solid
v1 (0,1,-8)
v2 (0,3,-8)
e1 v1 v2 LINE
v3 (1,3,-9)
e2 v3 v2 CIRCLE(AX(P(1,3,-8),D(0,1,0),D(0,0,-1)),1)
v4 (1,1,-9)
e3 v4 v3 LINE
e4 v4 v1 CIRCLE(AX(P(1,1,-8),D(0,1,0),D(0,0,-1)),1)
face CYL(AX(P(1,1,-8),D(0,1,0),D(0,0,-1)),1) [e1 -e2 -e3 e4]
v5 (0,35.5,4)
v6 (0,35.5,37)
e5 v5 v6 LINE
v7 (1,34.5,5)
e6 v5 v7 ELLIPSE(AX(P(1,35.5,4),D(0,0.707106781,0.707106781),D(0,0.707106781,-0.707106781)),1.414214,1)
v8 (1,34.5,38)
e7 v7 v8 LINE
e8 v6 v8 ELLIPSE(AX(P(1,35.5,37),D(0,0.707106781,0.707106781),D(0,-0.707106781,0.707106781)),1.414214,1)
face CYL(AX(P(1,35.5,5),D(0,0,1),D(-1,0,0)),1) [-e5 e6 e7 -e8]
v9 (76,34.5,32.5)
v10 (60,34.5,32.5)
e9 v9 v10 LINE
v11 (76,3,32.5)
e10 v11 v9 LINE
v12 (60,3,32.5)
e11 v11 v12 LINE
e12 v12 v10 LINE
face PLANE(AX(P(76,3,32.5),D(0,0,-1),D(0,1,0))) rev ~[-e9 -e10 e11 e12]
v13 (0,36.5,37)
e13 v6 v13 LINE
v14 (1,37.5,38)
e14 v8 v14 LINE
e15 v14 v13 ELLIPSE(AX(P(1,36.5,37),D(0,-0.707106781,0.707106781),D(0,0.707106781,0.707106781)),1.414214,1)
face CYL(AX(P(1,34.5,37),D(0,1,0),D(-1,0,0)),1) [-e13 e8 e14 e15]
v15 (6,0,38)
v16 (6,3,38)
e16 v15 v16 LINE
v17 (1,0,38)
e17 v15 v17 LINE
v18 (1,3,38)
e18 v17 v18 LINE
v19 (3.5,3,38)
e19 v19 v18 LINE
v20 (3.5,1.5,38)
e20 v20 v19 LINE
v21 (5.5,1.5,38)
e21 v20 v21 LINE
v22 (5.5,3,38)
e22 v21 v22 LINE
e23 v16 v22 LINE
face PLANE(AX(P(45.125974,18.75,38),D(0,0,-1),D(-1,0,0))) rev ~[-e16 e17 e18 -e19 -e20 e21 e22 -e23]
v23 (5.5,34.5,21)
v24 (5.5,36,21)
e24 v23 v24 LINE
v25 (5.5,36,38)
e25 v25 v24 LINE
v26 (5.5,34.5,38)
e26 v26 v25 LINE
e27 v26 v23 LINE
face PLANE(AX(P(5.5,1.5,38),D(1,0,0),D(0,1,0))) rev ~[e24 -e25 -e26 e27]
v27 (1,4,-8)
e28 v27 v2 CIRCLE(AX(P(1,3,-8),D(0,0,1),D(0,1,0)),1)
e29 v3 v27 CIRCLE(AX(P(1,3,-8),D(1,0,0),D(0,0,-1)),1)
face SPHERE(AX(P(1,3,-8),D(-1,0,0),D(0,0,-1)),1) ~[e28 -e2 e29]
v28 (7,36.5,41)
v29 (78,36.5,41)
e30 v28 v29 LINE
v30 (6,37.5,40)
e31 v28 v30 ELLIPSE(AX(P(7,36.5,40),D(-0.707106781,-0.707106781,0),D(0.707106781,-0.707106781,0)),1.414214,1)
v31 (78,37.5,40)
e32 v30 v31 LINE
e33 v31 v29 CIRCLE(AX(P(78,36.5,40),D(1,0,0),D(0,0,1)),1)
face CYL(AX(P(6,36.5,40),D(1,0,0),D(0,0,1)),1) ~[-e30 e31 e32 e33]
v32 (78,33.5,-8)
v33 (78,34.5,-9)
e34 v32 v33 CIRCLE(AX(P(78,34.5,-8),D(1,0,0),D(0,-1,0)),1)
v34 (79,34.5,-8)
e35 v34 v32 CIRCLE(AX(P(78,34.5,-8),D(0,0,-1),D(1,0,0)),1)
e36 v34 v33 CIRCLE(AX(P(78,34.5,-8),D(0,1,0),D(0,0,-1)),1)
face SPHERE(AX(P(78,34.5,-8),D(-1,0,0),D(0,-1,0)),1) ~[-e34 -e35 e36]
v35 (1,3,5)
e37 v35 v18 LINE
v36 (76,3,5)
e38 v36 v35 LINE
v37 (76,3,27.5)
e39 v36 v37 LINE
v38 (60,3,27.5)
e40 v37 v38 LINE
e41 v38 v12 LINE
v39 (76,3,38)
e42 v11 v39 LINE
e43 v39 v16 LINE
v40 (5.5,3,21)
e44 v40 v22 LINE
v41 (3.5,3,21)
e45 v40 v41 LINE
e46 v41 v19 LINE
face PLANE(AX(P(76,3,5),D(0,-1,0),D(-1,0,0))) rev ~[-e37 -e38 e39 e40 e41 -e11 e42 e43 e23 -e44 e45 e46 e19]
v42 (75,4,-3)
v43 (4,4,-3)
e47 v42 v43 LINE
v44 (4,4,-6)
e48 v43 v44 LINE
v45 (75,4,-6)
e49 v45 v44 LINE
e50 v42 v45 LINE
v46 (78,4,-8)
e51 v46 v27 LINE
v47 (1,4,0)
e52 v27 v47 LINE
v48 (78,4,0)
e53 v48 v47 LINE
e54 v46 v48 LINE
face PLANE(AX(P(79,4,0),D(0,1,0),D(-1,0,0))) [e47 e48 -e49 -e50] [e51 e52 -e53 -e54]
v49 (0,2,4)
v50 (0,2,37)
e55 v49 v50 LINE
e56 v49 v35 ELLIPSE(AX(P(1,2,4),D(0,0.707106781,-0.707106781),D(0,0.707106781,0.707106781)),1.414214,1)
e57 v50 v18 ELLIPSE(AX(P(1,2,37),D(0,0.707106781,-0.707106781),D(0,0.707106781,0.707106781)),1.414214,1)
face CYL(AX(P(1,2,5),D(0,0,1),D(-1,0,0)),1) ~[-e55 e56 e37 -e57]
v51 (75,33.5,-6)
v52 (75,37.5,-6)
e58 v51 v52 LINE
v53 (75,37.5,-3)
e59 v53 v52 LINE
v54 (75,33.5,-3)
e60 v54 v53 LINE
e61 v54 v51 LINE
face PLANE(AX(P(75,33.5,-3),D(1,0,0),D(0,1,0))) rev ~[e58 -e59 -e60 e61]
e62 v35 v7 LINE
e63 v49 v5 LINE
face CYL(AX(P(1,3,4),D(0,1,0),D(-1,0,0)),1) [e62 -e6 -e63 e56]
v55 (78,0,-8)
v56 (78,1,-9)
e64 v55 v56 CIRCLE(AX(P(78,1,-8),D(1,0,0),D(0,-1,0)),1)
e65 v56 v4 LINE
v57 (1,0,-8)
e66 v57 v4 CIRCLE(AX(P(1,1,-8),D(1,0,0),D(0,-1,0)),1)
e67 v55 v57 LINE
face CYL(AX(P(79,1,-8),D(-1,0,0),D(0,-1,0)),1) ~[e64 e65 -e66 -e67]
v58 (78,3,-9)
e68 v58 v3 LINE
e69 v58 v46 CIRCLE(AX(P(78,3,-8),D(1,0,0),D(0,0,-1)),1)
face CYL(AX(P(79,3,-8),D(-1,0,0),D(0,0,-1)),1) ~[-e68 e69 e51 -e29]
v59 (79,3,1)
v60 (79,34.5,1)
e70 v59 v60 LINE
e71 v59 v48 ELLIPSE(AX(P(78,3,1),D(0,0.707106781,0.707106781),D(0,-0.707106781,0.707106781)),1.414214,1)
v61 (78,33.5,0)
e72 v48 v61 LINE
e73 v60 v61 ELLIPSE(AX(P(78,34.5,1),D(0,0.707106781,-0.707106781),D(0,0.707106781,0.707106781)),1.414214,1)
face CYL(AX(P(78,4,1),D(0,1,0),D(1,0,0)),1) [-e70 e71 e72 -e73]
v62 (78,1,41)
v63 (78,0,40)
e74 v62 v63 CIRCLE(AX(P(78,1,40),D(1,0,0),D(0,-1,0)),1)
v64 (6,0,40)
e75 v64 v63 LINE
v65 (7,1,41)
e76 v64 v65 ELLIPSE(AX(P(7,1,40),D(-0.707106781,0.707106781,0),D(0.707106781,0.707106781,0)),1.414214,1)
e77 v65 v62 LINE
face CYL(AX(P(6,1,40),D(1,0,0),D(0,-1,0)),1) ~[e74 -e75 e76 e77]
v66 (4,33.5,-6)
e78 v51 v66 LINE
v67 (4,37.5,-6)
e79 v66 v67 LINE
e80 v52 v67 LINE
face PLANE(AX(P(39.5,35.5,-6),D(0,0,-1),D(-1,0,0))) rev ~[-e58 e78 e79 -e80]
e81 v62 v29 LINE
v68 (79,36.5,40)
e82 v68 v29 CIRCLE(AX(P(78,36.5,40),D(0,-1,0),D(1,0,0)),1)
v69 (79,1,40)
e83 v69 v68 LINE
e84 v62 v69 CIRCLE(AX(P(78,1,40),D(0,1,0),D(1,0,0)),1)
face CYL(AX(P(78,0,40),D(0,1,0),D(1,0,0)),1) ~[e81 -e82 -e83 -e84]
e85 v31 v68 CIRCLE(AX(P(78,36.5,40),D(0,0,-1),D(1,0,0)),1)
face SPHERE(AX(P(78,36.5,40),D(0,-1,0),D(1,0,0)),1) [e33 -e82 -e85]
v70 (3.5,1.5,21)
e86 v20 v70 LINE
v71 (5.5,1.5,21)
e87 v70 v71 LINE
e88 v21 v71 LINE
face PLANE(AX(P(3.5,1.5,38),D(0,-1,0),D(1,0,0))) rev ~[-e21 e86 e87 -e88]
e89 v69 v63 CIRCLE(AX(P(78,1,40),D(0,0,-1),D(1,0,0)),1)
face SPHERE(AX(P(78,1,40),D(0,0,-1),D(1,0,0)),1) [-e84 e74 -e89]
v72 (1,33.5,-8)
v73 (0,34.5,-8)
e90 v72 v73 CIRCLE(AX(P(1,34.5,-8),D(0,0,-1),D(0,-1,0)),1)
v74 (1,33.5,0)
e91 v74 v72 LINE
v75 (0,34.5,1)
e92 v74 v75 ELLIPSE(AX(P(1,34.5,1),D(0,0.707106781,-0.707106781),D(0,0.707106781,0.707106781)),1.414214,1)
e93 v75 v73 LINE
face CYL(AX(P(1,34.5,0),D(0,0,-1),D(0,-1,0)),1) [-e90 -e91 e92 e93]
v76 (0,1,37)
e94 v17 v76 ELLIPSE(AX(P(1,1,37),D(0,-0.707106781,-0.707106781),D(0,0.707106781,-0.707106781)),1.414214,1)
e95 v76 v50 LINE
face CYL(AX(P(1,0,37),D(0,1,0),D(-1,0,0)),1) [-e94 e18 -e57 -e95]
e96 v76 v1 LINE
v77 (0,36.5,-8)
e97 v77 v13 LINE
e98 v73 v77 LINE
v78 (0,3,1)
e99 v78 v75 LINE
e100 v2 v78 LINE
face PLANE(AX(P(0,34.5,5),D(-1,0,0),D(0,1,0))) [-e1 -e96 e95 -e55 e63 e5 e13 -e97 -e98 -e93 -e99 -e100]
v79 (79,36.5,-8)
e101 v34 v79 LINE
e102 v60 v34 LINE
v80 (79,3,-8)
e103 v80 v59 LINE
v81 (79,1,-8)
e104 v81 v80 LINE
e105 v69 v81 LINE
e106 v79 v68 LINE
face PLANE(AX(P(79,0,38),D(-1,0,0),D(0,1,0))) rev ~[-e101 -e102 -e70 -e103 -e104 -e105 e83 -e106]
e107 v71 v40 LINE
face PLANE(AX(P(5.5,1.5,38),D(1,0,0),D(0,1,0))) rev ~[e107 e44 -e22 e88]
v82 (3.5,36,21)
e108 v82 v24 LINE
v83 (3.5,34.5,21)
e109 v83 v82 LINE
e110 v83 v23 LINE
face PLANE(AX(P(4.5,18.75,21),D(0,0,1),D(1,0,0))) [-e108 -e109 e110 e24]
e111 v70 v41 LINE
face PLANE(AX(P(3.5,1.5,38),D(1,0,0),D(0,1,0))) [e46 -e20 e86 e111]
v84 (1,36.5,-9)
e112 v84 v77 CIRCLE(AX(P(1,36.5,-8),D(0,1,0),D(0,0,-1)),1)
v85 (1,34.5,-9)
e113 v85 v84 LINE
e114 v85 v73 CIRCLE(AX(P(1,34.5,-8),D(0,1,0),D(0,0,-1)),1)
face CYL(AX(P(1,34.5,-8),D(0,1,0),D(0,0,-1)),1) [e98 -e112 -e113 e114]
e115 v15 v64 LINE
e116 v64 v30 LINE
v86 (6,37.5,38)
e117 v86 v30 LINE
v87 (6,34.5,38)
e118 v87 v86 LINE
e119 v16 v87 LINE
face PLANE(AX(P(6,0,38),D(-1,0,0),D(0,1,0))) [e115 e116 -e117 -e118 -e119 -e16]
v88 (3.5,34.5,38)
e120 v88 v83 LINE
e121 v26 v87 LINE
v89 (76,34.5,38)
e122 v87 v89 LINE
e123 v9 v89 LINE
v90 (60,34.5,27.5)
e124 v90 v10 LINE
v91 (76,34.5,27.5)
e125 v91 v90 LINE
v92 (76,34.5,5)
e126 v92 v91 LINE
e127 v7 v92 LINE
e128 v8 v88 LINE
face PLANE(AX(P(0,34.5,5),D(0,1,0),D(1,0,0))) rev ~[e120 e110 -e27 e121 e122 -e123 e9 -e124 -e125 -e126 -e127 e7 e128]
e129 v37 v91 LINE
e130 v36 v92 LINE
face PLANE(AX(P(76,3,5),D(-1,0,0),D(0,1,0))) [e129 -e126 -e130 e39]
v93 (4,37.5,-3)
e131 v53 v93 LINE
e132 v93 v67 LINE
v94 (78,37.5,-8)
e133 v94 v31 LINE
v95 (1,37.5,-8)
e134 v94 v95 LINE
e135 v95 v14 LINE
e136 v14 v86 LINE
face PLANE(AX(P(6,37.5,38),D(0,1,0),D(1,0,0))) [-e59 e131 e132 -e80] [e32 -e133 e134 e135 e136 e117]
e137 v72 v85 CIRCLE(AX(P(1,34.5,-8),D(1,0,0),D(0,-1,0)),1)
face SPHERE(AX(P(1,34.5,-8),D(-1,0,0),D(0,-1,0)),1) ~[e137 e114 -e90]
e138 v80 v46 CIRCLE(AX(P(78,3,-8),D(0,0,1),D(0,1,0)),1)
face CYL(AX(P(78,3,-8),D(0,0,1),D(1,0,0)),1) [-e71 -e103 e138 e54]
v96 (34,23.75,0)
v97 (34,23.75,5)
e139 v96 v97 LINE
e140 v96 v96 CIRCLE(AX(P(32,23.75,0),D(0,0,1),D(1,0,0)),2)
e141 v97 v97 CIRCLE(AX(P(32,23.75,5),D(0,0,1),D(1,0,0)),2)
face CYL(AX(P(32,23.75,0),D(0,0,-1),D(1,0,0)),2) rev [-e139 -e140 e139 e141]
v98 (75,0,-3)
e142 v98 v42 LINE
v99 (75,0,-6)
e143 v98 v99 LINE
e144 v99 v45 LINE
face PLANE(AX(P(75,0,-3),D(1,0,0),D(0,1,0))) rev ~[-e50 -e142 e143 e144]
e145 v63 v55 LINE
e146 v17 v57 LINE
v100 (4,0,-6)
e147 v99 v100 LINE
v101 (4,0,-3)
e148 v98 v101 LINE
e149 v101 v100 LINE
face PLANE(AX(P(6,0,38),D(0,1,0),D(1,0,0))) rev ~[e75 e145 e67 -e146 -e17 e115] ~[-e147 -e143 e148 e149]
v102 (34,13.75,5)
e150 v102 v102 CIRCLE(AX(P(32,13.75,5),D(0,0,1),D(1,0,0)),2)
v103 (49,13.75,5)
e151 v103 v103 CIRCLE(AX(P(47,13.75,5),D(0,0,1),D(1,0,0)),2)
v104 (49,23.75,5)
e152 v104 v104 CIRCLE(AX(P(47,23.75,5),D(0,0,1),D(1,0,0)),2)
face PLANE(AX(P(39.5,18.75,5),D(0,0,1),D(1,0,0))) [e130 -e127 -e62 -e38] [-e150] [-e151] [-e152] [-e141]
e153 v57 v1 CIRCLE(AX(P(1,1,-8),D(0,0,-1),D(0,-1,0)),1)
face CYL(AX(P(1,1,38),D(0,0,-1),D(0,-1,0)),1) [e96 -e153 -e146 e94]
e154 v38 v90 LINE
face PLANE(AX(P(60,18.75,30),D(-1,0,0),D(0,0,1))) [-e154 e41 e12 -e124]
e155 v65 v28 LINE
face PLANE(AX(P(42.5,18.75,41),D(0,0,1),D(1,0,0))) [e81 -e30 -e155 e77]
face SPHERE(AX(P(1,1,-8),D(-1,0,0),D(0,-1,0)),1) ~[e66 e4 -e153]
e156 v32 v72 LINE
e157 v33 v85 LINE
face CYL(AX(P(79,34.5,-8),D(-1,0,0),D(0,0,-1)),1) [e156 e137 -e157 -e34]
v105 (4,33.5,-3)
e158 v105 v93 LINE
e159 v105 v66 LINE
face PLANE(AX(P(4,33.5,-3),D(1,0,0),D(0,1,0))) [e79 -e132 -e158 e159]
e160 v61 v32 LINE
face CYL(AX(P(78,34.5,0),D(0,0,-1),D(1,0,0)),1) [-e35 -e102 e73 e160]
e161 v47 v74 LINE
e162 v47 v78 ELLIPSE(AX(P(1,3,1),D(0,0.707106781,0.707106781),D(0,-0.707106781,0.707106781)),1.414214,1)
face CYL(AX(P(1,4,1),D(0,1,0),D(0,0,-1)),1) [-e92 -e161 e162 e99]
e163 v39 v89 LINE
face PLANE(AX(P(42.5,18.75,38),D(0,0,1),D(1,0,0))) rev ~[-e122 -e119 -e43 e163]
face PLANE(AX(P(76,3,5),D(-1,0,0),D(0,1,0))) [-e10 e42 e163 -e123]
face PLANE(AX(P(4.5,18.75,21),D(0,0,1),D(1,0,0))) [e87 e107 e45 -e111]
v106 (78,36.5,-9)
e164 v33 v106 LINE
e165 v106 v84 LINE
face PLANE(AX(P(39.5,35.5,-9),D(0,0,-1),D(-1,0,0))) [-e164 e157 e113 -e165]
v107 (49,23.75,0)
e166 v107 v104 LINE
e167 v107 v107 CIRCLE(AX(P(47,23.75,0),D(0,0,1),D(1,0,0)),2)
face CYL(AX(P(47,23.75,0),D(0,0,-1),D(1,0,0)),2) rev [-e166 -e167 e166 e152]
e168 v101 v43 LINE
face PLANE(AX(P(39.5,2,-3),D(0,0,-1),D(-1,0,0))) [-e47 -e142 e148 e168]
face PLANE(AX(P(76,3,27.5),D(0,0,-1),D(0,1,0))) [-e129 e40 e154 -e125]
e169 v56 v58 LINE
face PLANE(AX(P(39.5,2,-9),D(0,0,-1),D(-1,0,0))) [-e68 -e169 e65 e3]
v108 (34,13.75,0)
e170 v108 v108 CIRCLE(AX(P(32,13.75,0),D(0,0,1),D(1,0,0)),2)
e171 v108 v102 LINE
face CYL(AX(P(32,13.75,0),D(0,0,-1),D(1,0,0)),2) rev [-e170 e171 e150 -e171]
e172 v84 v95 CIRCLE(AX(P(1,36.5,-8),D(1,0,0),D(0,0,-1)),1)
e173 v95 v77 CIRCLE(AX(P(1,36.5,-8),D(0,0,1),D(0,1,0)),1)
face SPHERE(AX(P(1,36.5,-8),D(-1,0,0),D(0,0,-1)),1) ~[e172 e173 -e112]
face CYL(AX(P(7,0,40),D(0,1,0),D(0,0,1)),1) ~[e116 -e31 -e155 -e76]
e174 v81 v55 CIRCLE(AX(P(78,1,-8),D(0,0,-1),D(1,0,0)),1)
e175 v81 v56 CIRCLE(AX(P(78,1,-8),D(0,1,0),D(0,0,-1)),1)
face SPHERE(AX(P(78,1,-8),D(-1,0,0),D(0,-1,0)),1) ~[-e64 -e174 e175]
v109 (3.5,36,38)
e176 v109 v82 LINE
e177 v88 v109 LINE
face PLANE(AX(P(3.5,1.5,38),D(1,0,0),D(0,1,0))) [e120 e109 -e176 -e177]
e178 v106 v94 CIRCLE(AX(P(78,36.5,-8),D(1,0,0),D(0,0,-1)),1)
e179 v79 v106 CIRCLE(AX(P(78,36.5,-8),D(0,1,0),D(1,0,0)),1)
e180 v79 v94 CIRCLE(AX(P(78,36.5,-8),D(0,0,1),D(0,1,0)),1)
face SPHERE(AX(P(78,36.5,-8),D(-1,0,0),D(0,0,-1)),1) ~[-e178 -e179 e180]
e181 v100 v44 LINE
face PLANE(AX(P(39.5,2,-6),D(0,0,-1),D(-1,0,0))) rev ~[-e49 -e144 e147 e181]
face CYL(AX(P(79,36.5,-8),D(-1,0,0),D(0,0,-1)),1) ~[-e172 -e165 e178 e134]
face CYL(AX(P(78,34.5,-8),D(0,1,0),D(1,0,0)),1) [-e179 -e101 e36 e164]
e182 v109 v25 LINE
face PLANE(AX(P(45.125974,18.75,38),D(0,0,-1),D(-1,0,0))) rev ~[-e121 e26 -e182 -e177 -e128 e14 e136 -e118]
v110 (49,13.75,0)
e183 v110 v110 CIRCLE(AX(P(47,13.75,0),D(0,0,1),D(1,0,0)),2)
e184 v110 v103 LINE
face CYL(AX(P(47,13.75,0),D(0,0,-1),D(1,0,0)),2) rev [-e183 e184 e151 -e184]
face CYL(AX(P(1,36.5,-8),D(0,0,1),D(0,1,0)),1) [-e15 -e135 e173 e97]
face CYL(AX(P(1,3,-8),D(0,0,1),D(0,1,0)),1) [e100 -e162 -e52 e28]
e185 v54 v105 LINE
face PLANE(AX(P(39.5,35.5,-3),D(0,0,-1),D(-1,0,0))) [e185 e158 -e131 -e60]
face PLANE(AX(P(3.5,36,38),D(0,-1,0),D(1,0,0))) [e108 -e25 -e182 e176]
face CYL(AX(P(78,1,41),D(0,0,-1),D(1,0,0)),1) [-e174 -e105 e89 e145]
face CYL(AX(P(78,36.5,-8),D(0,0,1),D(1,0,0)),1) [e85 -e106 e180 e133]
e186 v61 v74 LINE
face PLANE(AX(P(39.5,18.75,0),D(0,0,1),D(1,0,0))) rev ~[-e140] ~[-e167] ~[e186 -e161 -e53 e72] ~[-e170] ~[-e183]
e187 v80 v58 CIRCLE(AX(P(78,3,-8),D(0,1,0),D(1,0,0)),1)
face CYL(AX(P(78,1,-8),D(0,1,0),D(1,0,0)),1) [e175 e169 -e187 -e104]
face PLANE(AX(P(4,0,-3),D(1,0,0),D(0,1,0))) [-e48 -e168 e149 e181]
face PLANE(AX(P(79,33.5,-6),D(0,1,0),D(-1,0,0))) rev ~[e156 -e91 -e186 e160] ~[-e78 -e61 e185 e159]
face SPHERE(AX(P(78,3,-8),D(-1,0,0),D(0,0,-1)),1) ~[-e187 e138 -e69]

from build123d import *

# Parameters (mm, degrees)
SKETCH1_W           = 79
SKETCH1_H           = 37.5
SKETCH1_R           = 2
BODY_DEPTH          = 5
SKETCH2_W           = 79
SKETCH2_H           = 4
LEG1_DEPTH          = 3
SKETCH3_W           = 4
SKETCH3_H           = 4
LEG2_DEPTH          = 3
SKETCH4_W           = 79
SKETCH4_H           = 4
LEG3_DEPTH          = 3
WALLS_DEPTH         = 33
SKETCH6_W           = 2
SKETCH6_H           = 34.5
CUT_EXTRUDE1_DEPTH  = 17
SKETCH7_W           = 73
SKETCH7_H           = 37.5
BOSS_EXTRUDE1_DEPTH = 3
FILLET1_R           = 1
FILLET2_R           = 1
FILLET3_R           = 1
FILLET4_R           = 1
FILLET6_R           = 1
SKETCH8_W           = 5
SKETCH8_H           = 31.5
BOSS_EXTRUDE2_DEPTH = 16


with BuildPart() as part:
    # Sketch1 → Body (new body)
    with BuildSketch(Plane.XY):
        with Locations((39.5, 18.75)):
            Rectangle(SKETCH1_W, SKETCH1_H)
        with Locations((47, 23.75)):
            Circle(SKETCH1_R, mode=Mode.SUBTRACT)
        with Locations((32, 23.75)):
            Circle(SKETCH1_R, mode=Mode.SUBTRACT)
        with Locations((32, 13.75)):
            Circle(SKETCH1_R, mode=Mode.SUBTRACT)
        with Locations((47, 13.75)):
            Circle(SKETCH1_R, mode=Mode.SUBTRACT)
    extrude(amount=BODY_DEPTH)

    # Sketch2 → Leg1 (add)
    with BuildSketch(Plane(origin=(0, 0, 0), x_dir=(-1, 0, 0), z_dir=(0, 0, -1))):
        with Locations((-39.5, 35.5)):
            Rectangle(SKETCH2_W, SKETCH2_H)
        with Locations((-39.5, 2)):
            Rectangle(SKETCH2_W, SKETCH2_H)
    extrude(amount=LEG1_DEPTH)

    # Sketch3 → Leg2 (add)
    with BuildSketch(Plane(origin=(0, 0, -3), x_dir=(-1, 0, 0), z_dir=(0, 0, -1))):
        with Locations((-77, 35.5)):
            Rectangle(SKETCH3_W, SKETCH3_H)
        with Locations((-2, 35.5)):
            Rectangle(SKETCH3_W, SKETCH3_H)
        with Locations((-2, 2)):
            Rectangle(SKETCH3_W, SKETCH3_H)
        with Locations((-77, 2)):
            Rectangle(SKETCH3_W, SKETCH3_H)
    extrude(amount=LEG2_DEPTH)

    # Sketch4 → Leg3 (add)
    with BuildSketch(Plane(origin=(0, 0, -6), x_dir=(-1, 0, 0), z_dir=(0, 0, -1))):
        with Locations((-39.5, 35.5)):
            Rectangle(SKETCH4_W, SKETCH4_H)
        with Locations((-39.5, 2)):
            Rectangle(SKETCH4_W, SKETCH4_H)
    extrude(amount=LEG3_DEPTH)

    # Sketch5 → Walls (add)
    with BuildSketch(Plane.XY.offset(5)):
        Polygon((0, 37.5), (79, 37.5), (79, 34.5), (79, 29.685442104), (79, 7.814557896), (79, 3), (79, 0), (0, 0), (0, 3), (3, 3), (76, 3), (76, 34.5), (3, 34.5), (0, 34.5), align=None)
    extrude(amount=WALLS_DEPTH)

    # Sketch6 → Cut-Extrude1 (cut)
    with BuildSketch(Plane.XY.offset(38)):
        with Locations((4.5, 18.75)):
            Rectangle(SKETCH6_W, SKETCH6_H)
    extrude(amount=-CUT_EXTRUDE1_DEPTH, mode=Mode.SUBTRACT)

    # Sketch7 → Boss-Extrude1 (add)
    with BuildSketch(Plane.XY.offset(38)):
        with Locations((42.5, 18.75)):
            Rectangle(SKETCH7_W, SKETCH7_H)
    extrude(amount=BOSS_EXTRUDE1_DEPTH)

    # Fillet1
    fillet1_edges = [part.edges().sort_by_distance(p)[0] for p in [
        (39.5, 37.5, -9),
    ]]
    fillet(fillet1_edges, radius=FILLET1_R)

    # Fillet2
    fillet2_edges = [part.edges().sort_by_distance(p)[0] for p in [
        (39.5, 33.5, -9),
    ]]
    fillet(fillet2_edges, radius=FILLET2_R)

    # Fillet3
    fillet3_edges = [part.edges().sort_by_distance(p)[0] for p in [
        (39.5, 0, -9),
    ]]
    fillet(fillet3_edges, radius=FILLET3_R)

    # Fillet4
    fillet4_edges = [part.edges().sort_by_distance(p)[0] for p in [
        (39.5, 4, -9),
    ]]
    fillet(fillet4_edges, radius=FILLET4_R)

    # Fillet6
    fillet6_edges = [part.edges().sort_by_distance(p)[0] for p in [
        (79, 2, -9),
        (79, 3.707106781, -8.707106781),
        (79, 0.292893219, -8.707106781),
        (79, 4, -4),
        (79, 0, 16.5),
        (79, 18.75, 0),
        (79, 18.75, 41),
        (79, 33.5, -4),
        (79, 37.5, 16.5),
        (79, 33.792893219, -8.707106781),
        (79, 37.207106781, -8.707106781),
        (79, 35.5, -9),
        (0, 2, -9),
        (0, 3.707106781, -8.707106781),
        (0, 0.292893219, -8.707106781),
        (0, 4, -4),
        (0, 0, 15),
        (42.5, 0, 41),
        (0, 18.75, 0),
        (42.5, 37.5, 41),
        (6, 18.75, 41),
        (0, 33.5, -4),
        (0, 37.5, 15),
        (0, 33.792893219, -8.707106781),
        (0, 37.207106781, -8.707106781),
        (0, 35.5, -9),
        (0, 1.5, 38),
        (0, 3, 21.5),
        (0, 18.75, 5),
        (0, 34.5, 21.5),
        (0, 36, 38),
    ]]
    fillet(fillet6_edges, radius=FILLET6_R)

    # Sketch8 → Boss-Extrude2 (add)
    with BuildSketch(Plane.ZY.offset(-76)):
        with Locations((30, 18.75)):
            Rectangle(SKETCH8_W, SKETCH8_H)
    extrude(amount=BOSS_EXTRUDE2_DEPTH)


solid = part.part
